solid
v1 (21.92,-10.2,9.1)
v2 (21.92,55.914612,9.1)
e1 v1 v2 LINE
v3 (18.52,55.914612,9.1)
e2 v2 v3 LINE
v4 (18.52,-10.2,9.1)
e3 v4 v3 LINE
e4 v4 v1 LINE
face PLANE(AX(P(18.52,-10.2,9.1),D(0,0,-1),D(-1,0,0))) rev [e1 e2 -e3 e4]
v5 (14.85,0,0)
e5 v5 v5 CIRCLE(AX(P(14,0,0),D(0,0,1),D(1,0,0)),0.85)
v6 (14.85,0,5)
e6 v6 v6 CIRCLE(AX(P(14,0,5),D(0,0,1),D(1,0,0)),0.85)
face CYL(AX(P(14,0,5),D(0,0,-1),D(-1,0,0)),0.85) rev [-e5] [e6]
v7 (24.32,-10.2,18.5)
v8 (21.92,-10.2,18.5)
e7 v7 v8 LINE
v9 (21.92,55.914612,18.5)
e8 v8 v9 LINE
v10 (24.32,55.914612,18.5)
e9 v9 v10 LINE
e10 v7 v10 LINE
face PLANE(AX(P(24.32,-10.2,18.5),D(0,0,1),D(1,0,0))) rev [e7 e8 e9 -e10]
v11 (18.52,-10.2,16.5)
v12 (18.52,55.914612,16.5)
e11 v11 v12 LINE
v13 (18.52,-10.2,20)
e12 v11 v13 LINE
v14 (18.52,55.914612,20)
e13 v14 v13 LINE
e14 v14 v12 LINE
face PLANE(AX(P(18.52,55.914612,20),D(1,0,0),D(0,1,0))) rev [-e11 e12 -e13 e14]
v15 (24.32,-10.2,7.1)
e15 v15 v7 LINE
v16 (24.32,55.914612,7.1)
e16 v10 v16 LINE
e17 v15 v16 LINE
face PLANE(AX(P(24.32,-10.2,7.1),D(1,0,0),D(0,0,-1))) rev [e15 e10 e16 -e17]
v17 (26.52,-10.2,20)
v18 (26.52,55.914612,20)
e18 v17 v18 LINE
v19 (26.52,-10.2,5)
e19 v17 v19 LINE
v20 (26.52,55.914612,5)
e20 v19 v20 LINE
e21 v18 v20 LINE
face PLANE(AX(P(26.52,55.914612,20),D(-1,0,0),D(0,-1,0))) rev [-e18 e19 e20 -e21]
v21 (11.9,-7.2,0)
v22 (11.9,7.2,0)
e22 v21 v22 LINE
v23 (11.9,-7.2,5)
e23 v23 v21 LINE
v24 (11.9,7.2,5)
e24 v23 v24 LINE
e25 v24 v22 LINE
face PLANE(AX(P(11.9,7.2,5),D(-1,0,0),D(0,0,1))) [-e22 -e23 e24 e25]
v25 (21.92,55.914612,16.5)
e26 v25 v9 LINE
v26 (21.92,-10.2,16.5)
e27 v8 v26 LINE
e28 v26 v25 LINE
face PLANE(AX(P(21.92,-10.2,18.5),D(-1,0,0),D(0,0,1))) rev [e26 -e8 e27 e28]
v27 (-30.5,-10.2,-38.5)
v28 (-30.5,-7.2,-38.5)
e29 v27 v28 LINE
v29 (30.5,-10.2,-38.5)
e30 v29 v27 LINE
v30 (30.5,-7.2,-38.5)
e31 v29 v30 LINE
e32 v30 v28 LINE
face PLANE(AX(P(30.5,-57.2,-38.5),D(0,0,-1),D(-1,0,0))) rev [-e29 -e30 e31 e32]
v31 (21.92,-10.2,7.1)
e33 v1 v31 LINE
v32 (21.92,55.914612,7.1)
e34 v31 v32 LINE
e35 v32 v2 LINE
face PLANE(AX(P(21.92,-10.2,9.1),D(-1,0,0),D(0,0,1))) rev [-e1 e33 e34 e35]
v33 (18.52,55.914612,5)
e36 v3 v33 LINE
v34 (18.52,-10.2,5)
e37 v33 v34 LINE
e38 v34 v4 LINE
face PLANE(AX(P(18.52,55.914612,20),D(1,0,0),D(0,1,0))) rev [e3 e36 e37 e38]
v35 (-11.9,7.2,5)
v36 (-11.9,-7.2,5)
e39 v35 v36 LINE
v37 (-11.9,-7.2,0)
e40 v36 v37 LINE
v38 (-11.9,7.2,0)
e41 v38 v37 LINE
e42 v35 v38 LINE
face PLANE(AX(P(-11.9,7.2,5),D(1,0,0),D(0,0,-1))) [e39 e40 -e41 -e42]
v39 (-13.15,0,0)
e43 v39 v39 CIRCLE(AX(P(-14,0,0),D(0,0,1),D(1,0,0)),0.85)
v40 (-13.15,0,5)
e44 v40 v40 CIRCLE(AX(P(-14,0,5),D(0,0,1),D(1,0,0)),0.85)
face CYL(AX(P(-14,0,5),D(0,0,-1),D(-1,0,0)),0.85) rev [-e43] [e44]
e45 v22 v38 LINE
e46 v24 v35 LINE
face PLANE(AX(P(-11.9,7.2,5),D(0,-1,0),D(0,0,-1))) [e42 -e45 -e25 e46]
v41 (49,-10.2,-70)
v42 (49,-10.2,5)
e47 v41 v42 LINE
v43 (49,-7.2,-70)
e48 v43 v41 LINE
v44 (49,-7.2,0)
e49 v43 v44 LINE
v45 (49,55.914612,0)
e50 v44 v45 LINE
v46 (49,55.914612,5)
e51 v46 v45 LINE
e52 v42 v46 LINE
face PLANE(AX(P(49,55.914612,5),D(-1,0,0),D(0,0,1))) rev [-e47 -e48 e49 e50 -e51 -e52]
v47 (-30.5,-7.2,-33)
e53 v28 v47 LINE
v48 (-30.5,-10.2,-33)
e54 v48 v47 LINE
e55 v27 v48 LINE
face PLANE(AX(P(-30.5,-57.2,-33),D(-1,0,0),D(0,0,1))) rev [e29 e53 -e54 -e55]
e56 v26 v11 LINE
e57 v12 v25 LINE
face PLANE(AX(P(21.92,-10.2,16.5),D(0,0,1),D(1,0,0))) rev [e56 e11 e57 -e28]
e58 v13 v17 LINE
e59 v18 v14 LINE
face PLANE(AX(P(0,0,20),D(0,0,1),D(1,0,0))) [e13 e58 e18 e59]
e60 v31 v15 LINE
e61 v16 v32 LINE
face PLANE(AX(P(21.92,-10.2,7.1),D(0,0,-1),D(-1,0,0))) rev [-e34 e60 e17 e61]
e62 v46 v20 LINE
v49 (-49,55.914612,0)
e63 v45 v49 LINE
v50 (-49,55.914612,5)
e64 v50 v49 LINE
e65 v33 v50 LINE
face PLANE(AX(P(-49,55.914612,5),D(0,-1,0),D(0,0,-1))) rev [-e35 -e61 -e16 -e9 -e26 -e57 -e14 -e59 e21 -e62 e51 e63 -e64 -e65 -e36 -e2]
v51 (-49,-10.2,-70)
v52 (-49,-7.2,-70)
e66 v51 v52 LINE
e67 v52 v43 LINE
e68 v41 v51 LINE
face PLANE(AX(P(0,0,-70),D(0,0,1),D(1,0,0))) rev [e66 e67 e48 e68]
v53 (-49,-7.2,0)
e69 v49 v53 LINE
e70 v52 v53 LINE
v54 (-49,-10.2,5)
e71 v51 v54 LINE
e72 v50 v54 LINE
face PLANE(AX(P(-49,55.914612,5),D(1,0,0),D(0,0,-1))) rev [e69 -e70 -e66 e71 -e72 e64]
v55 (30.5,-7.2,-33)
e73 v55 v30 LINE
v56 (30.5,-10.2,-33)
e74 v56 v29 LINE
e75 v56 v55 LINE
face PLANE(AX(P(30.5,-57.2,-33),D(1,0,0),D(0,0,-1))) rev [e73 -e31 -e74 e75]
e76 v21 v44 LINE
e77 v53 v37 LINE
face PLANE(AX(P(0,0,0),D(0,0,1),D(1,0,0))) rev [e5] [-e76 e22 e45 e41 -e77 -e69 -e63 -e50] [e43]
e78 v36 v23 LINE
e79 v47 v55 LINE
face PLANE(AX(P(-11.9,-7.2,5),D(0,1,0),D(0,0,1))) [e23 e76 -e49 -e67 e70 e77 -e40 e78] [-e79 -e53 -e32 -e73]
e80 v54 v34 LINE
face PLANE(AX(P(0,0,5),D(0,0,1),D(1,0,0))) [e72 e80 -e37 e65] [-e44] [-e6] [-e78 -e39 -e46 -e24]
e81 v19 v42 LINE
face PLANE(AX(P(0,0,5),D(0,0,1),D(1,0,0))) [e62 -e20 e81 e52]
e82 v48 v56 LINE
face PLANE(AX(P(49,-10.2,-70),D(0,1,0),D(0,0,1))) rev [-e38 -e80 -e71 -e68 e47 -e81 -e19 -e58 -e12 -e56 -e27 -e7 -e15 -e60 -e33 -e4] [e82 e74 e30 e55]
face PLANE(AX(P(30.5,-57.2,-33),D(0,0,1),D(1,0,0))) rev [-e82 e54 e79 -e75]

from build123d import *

# Parameters (mm, degrees)
SKETCH1_W               = 98
SKETCH1_H               = 111.829224908
SKETCH1_R               = 0.85
SKETCH1_W_2             = 23.8
SKETCH1_H_2             = 14.4
BOSS_EXTRUDE1_DEPTH     = 5
SKETCH3_W               = 98
SKETCH3_H               = 3
BOSS_EXTRUDE2_DEPTH     = 70
SKETCH4_W               = 61
SKETCH4_H               = 5.5
CUT_EXTRUDE1_DEPTH      = 50
CUT_EXTRUDE2_DEPTH      = 103.114856343
CUT_EXTRUDE2_DEPTH_BACK = 103.114856343
SKETCH5_W               = 98
SKETCH5_H               = 45.714612454
SKETCH6_W               = 8
SKETCH6_H               = 60
BOSS_EXTRUDE3_DEPTH     = 15
CUT_EXTRUDE3_DEPTH      = 109.037687776
BOSS_EXTRUDE4_DEPTH     = 6.114612454


with BuildPart() as part:
    # Sketch1 → Boss-Extrude1 (new body)
    with BuildSketch(Plane.XY):
        Rectangle(SKETCH1_W, SKETCH1_H)
        with Locations((14, 0)):
            Circle(SKETCH1_R, mode=Mode.SUBTRACT)
        with Locations((-14, 0)):
            Circle(SKETCH1_R, mode=Mode.SUBTRACT)
        Rectangle(SKETCH1_W_2, SKETCH1_H_2, mode=Mode.SUBTRACT)
    extrude(amount=BOSS_EXTRUDE1_DEPTH)

    # Sketch3 → Boss-Extrude2 (add)
    with BuildSketch(Plane(origin=(0, 0, 0), x_dir=(-1, 0, 0), z_dir=(0, 0, -1))):
        with Locations((0, -8.7)):
            Rectangle(SKETCH3_W, SKETCH3_H)
    extrude(amount=BOSS_EXTRUDE2_DEPTH)

    # Sketch4 → Cut-Extrude1 (cut)
    with BuildSketch(Plane(origin=(0, -7.2, 0), x_dir=(1, 0, 0), z_dir=(0, 1, 0))):
        with Locations((0, 35.75)):
            Rectangle(SKETCH4_W, SKETCH4_H)
    extrude(amount=-CUT_EXTRUDE1_DEPTH, mode=Mode.SUBTRACT)

    # Sketch5 → Cut-Extrude2 (cut, two sides: drawn at the far end of the back side and taken through both)
    with BuildSketch(Plane(origin=(0, 0, 0), x_dir=(-1, 0, 0), z_dir=(0, 0, -1)).offset(-CUT_EXTRUDE2_DEPTH_BACK)):
        with Locations((0, -33.057306227)):
            Rectangle(SKETCH5_W, SKETCH5_H)
    extrude(amount=CUT_EXTRUDE2_DEPTH + CUT_EXTRUDE2_DEPTH_BACK, mode=Mode.SUBTRACT)

    # Sketch6 → Boss-Extrude3 (add)
    with BuildSketch(Plane.XY.offset(5)):
        with Locations((22.52, 25.914612454)):
            Rectangle(SKETCH6_W, SKETCH6_H)
    extrude(amount=BOSS_EXTRUDE3_DEPTH)

    # Sketch7 → Cut-Extrude3 (cut, through all)
    with BuildSketch(Plane(origin=(0, 55.914612454, 0), x_dir=(1, 0, 0), z_dir=(0, 1, 0))):
        Polygon((18.52, -9.1), (21.92, -9.1), (21.92, -7.1), (24.32, -7.1), (24.32, -18.5), (21.92, -18.5), (21.92, -16.5), (18.52, -16.5), align=None)
    extrude(amount=-CUT_EXTRUDE3_DEPTH, mode=Mode.SUBTRACT)

    # Sketch8 → Boss-Extrude4 (add)
    with BuildSketch(Plane.XZ.offset(4.085387546)):
        Polygon((21.92, 7.1), (21.92, 9.1), (18.52, 9.1), (18.52, 5), (26.52, 5), (26.52, 20), (18.52, 20), (18.52, 16.5), (21.92, 16.5), (21.92, 18.5), (24.32, 18.5), (24.32, 7.1), align=None)
    extrude(amount=BOSS_EXTRUDE4_DEPTH)


solid = part.part
